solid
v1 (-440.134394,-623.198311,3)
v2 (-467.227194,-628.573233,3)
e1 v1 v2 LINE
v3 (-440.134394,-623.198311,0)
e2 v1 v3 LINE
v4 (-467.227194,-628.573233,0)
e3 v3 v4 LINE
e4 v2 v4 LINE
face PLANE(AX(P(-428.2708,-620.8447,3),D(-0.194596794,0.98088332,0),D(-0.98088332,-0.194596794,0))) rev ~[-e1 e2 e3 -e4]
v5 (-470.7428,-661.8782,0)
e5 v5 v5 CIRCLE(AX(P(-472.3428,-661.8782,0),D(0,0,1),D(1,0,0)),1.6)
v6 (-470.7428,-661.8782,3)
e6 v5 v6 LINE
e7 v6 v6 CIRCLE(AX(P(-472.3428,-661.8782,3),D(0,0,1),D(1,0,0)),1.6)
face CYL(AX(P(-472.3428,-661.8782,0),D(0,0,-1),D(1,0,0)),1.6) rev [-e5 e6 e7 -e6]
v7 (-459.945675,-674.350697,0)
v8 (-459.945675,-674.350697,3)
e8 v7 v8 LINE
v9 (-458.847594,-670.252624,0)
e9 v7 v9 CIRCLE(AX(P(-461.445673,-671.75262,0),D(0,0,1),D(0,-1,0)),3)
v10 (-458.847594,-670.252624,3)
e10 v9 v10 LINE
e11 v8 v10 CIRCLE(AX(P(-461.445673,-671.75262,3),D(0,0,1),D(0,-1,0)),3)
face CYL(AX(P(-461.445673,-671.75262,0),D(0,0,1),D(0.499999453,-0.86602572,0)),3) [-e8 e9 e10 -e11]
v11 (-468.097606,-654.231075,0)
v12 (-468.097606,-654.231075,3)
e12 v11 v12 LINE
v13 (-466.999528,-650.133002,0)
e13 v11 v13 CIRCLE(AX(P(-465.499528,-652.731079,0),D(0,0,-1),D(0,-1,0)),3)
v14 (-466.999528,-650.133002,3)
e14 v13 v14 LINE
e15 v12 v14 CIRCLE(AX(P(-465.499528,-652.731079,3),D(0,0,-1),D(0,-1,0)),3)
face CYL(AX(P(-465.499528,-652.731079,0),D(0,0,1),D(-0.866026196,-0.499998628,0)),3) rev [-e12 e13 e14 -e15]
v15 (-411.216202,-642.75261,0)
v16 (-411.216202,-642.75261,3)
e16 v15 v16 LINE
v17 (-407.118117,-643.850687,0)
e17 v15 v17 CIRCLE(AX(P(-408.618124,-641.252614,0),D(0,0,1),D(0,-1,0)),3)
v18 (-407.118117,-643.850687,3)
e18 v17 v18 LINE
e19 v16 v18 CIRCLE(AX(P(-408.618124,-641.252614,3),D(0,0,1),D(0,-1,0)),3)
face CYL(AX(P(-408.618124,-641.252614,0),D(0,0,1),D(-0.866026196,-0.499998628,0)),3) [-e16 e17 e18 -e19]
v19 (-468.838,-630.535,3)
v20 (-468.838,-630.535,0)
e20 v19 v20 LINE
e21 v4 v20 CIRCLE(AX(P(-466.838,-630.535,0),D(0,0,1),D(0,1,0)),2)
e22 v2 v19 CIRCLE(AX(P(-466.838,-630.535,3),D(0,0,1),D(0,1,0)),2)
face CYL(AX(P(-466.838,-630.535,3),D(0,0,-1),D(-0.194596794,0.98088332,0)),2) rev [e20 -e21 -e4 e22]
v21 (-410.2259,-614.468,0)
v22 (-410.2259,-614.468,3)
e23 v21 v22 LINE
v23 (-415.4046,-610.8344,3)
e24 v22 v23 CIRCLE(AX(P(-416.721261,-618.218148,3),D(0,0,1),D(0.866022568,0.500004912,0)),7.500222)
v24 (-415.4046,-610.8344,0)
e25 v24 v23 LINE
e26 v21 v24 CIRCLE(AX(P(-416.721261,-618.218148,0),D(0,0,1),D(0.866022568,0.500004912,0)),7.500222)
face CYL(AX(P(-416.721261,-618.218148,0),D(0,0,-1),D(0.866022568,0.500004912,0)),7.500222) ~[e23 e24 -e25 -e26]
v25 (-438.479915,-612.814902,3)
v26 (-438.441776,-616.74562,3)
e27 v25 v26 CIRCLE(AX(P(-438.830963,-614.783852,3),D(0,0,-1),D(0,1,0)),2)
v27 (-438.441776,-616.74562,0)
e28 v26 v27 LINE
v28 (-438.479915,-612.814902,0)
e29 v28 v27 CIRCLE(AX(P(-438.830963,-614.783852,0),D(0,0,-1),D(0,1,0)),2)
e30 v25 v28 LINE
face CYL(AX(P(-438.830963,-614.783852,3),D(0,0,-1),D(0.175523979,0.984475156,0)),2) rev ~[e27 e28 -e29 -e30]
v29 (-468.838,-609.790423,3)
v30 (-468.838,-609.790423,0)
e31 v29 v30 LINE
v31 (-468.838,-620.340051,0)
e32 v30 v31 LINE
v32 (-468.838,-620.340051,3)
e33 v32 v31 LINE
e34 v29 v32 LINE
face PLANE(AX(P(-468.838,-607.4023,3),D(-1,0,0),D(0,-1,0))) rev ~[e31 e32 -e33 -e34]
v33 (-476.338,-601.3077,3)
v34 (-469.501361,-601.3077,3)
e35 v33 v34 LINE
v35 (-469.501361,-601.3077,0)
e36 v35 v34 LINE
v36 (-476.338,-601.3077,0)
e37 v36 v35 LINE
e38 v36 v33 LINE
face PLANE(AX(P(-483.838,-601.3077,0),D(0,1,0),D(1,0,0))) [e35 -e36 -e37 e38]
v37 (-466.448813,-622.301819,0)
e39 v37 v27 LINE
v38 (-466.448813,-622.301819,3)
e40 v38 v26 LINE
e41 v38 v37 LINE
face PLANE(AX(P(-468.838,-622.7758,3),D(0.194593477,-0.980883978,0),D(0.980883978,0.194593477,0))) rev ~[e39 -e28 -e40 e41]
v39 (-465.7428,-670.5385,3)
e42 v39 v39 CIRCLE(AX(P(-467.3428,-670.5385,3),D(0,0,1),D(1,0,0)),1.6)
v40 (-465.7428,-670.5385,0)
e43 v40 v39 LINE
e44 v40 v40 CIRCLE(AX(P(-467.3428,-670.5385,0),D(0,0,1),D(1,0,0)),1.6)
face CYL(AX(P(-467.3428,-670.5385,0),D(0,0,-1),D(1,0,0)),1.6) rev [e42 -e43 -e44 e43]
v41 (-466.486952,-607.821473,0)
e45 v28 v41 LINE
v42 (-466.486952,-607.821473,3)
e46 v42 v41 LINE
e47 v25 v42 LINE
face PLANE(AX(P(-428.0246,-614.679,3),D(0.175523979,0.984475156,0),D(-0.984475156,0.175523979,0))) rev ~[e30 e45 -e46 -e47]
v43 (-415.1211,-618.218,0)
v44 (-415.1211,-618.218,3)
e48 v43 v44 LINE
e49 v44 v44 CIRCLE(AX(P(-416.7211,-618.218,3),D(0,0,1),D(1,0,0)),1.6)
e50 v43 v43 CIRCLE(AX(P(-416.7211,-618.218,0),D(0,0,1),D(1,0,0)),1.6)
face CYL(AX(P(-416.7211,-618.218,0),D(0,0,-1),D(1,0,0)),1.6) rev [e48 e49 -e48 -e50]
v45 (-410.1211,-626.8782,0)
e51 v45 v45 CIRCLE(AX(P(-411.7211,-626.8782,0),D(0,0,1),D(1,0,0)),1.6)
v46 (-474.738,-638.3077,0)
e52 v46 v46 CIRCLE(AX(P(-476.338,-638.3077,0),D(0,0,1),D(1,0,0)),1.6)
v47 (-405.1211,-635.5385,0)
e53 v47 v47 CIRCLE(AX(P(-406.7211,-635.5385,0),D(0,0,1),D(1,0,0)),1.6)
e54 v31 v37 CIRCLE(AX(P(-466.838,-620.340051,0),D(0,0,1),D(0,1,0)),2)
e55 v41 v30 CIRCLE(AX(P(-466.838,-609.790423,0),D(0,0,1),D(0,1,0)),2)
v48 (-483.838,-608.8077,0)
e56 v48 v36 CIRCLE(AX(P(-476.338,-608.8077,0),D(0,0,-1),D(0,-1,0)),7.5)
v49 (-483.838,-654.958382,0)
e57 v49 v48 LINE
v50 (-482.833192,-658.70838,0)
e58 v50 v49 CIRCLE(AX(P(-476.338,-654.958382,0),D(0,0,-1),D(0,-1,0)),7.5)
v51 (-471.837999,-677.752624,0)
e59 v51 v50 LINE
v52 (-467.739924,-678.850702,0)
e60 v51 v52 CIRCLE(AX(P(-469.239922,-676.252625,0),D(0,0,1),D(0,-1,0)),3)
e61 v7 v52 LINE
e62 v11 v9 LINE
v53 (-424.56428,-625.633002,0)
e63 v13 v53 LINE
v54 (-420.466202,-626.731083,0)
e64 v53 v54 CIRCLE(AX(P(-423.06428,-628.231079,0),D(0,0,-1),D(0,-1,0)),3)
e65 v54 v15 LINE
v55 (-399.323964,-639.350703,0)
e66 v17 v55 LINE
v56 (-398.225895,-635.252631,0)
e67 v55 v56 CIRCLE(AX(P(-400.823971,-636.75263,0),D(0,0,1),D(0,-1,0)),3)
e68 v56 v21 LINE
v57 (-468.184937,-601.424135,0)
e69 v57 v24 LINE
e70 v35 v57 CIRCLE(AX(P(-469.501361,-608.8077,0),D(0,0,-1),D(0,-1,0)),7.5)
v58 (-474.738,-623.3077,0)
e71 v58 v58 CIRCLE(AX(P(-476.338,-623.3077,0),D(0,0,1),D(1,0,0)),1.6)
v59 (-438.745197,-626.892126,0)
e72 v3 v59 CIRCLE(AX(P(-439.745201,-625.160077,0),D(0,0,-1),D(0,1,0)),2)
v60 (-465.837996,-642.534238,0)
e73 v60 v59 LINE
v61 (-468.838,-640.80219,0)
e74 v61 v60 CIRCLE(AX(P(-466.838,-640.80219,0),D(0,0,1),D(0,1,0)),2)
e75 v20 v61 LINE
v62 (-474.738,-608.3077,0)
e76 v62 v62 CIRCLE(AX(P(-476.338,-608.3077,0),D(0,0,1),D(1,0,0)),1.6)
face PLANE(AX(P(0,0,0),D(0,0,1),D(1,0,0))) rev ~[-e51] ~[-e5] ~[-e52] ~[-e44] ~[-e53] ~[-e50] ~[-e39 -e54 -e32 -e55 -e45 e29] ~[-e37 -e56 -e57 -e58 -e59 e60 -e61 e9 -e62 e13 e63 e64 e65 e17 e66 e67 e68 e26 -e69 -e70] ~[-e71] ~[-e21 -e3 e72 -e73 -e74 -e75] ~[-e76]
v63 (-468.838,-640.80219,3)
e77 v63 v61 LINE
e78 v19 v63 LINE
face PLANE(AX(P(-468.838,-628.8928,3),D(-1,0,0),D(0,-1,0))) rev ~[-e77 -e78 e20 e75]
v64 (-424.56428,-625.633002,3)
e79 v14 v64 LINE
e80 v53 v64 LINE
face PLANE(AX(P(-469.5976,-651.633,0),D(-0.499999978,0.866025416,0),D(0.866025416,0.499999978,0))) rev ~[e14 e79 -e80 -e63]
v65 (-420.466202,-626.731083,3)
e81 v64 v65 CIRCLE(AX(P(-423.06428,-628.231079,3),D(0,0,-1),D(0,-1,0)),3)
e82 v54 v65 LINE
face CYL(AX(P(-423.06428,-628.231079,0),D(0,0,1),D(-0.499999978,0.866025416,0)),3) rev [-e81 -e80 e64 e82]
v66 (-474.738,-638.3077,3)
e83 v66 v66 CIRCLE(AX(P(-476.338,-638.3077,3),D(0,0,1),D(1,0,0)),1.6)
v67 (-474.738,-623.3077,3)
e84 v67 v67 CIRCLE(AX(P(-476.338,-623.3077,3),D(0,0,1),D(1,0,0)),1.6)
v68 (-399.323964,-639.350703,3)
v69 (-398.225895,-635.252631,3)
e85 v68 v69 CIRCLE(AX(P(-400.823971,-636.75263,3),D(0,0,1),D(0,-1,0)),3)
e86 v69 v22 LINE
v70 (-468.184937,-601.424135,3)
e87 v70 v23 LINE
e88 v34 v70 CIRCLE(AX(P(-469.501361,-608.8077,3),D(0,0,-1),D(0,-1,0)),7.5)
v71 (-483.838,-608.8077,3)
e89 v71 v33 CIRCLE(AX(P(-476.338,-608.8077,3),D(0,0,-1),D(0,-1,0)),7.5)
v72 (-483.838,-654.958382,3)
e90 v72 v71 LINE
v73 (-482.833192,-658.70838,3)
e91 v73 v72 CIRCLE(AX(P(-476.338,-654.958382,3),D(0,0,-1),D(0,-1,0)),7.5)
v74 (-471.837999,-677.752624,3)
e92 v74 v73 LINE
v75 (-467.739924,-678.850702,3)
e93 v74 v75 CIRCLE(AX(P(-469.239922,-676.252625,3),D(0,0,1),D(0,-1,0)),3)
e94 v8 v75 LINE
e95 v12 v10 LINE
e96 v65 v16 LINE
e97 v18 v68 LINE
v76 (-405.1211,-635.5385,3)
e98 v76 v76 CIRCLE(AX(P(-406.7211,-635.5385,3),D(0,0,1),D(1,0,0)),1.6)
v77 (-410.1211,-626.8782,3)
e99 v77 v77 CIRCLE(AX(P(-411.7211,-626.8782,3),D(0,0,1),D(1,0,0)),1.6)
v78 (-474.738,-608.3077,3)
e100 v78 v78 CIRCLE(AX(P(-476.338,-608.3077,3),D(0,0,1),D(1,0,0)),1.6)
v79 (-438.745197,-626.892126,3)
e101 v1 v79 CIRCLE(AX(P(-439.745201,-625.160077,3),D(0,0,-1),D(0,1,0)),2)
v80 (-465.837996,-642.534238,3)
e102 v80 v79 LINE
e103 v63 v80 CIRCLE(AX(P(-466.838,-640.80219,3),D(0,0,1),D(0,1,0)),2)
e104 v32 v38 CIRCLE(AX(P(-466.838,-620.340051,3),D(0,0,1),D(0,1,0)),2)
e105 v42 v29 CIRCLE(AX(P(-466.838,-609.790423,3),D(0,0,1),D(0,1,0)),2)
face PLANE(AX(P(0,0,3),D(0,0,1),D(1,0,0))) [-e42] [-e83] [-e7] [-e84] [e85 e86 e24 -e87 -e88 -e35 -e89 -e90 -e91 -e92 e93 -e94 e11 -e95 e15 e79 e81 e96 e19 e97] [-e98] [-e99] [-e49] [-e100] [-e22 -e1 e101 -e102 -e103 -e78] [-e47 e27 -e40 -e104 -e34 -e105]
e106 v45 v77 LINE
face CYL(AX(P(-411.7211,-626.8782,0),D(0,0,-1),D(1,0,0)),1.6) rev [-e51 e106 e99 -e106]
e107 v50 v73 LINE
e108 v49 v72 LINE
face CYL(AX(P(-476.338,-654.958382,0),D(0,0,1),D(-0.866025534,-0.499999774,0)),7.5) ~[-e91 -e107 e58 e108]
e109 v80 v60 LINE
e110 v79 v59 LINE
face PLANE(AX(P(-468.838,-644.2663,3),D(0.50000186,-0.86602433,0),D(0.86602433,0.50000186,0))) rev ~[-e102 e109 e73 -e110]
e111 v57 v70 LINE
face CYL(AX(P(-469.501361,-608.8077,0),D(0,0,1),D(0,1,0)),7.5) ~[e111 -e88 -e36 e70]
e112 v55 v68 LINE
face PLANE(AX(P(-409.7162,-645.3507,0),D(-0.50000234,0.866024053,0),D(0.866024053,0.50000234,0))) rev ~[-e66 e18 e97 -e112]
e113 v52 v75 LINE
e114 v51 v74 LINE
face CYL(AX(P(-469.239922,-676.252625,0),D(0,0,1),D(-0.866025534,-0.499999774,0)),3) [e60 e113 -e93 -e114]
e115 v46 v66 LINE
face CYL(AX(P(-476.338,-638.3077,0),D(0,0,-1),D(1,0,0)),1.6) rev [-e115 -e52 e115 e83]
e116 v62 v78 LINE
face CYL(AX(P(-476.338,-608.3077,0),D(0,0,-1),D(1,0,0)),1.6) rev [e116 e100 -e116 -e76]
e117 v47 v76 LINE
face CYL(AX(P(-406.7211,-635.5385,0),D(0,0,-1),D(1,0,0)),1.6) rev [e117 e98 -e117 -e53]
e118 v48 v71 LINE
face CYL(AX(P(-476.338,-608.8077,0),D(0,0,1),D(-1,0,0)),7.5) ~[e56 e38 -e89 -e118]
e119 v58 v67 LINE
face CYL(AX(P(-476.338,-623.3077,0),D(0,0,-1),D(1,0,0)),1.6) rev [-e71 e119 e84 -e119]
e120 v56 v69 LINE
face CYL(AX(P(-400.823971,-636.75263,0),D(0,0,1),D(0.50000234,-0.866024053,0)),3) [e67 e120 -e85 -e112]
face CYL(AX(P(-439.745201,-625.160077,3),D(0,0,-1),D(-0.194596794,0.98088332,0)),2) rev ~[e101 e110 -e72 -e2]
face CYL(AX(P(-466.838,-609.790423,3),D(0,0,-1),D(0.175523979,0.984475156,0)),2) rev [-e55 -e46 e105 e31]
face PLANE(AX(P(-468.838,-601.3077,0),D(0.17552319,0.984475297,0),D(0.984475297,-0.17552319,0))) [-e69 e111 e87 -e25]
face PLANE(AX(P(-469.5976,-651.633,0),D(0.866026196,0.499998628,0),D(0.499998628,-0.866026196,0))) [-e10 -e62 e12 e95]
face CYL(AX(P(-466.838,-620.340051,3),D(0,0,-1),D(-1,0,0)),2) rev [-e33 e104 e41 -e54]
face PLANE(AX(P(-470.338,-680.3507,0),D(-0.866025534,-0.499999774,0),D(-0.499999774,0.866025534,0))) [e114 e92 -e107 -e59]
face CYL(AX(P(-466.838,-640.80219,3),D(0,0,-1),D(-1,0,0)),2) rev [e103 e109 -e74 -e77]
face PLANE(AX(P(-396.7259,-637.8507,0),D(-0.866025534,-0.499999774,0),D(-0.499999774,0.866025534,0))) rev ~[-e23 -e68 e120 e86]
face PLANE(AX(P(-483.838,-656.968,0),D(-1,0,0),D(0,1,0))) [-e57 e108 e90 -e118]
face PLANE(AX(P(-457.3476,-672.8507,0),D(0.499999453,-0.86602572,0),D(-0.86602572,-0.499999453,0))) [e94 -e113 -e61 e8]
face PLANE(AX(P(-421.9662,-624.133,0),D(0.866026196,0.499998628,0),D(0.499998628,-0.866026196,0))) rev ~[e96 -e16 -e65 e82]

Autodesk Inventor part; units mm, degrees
ref_plane "YZ Plane" through (0, 0, 0) normal (1, 0, 0) x (0, 1, 0)
ref_plane "XZ Plane" through (0, 0, 0) normal (0, 1, 0) x (-1, 0, 0)
ref_plane "XY Plane" through (0, 0, 0) normal (0, 0, 1) x (1, 0, 0)
sketch "スケッチ1" plane through (0, 0, 0) normal (0, 0, 1) x (1, 0, 0)
  line L0 (67.5, 17.5) -> (-67.5, 17.5) construction
  line L1 (-67.5, 17.5) -> (-67.5, -17.5) construction
  line L2 (-67.5, -17.5) -> (67.5, -17.5) construction
  line L3 (67.5, -17.5) -> (67.5, 17.5) construction
  line L4 (67.5, 17.5) -> (-67.5, -17.5) construction
  line L5 (-67.5, 17.5) -> (67.5, -17.5) construction
  circle A0 centre (-60, 35) radius 1.6 construction
  circle A1 centre (-70, 35) radius 1.6 construction
  line L6 (-77.5, 27.5) -> (-53, 27.5) construction
  line L7 (-53, 27.5) -> (-53, 42.5) construction
  line L8 (-53, 42.5) -> (-80, 42.5) construction
  line L9 (-77.5, 27.5) -> (-77.5, -27.5) construction
  line L10 (-77.5, -27.5) -> (-53, -27.5) construction
  line L11 (-53, -27.5) -> (-53, -42.5) construction
  line L12 (-53, -42.5) -> (-80, -42.5) construction
  circle A2 centre (-60, -35) radius 1.6 construction
  circle A3 centre (-70, -35) radius 1.6 construction
  circle A4 centre (-80, -35) radius 1.6 construction
  line L13 (124.2308, -31.7536) -> (484.5935, -392.1164)
  line L14 (484.5935, -392.1164) -> (488.7129, -553.575)
  line L15 (-80, 21.2868) -> (-468.838, -367.5512) construction
  line L16 (-468.838, -367.5512) -> (-479.4446, -356.9446)
  line L17 (-479.4446, -356.9446) -> (-90.6066, 31.8934) construction
  line L18 (-90.6066, 31.8934) -> (-80, 21.2868) construction
  line L19 (-80, 42.5) -> (-80, 5.3052) construction
  circle A5 centre (-92.3744, 19.519) radius 1.6 construction
  circle A6 centre (-102.981, 8.9124) radius 1.6 construction
  circle A7 centre (-113.5876, -1.6942) radius 1.6 construction
  line L20 (-92.3744, 19.519) -> (-113.5876, -1.6942) construction
  circle A8 centre (-437.941, -345.2067) radius 1.6
  circle A9 centre (-426.1402, -333.4059) radius 1.6
  line L21 (-388.4374, -772.2067) -> (-358.1265, -754.7067) construction
  line L22 (-358.1265, -754.7067) -> (-425.6265, -637.7933) construction
  line L23 (-455.9374, -655.2933) -> (-358.1265, -754.7067) construction
  line L24 (-388.4374, -772.2067) -> (-425.6265, -637.7933) construction
  line L25 (-455.9374, -655.2933) -> (-388.4374, -772.2067) construction
  line L26 (-425.6265, -637.7933) -> (-455.9374, -655.2933) construction
  line L27 (455.9374, -655.2933) -> (425.6265, -637.7933) construction
  line L28 (425.6265, -637.7933) -> (358.1265, -754.7067) construction
  line L29 (388.4374, -772.2067) -> (425.6265, -637.7933) construction
  line L30 (455.9374, -655.2933) -> (358.1265, -754.7067) construction
  line L31 (388.4374, -772.2067) -> (455.9374, -655.2933) construction
  line L32 (358.1265, -754.7067) -> (388.4374, -772.2067) construction
  line L33 (0, 0) -> (0, -263.4473) construction
  circle A10 centre (80, -35) radius 1.6 construction
  line L34 (67.5, 17.5) -> (67.5, -17.5) construction
  line L35 (77.5, 27.5) -> (53, 27.5) construction
  line L36 (77.5, 27.5) -> (77.5, -27.5) construction
  line L37 (77.5, -27.5) -> (53, -27.5) construction
  circle A11 centre (60, -35) radius 1.6 construction
  circle A12 centre (70, -35) radius 1.6 construction
  line L38 (53, -27.5) -> (53, -42.5) construction
  line L39 (53, -42.5) -> (80, -42.5) construction
  circle A13 centre (60, 35) radius 1.6 construction
  circle A14 centre (70, 35) radius 1.6 construction
  line L40 (80, 42.5) -> (80, 5.3052) construction
  line L41 (53, 42.5) -> (80, 42.5) construction
  line L42 (53, 27.5) -> (53, 42.5) construction
  line L43 (-392.0976, -785.867) -> (-404.3476, -764.6493)
  line L44 (-388.4374, -772.2067) -> (-358.1265, -754.7067) construction
  line L45 (-392.0976, -785.867) -> (-344.4662, -758.367)
  circle A15 centre (-336.7211, -756.782) radius 1.6
  circle A16 centre (-341.7211, -748.1218) radius 1.6
  line L46 (-343.7259, -729.6493) -> (-330.2259, -753.032)
  circle A17 centre (-346.7211, -739.4615) radius 1.6
  line L47 (-356.7162, -737.1493) -> (-343.7259, -729.6493)
  line L48 (-344.4662, -758.367) -> (-356.7162, -737.1493)
  circle A18 centre (-407.3428, -774.4615) radius 1.6
  circle A19 centre (-402.3428, -783.1218) radius 1.6
  line L49 (-404.3476, -764.6493) -> (-417.338, -772.1493)
  line L50 (-417.338, -772.1493) -> (-403.838, -795.532)
  line L51 (-403.838, -795.532) -> (-371.6264, -776.9346) construction
  line L52 (-425.6265, -637.7933) -> (-455.9374, -655.2933) construction
  line L53 (-409.7162, -645.3507) -> (-396.7259, -637.8507)
  circle A20 centre (-406.7211, -635.5385) radius 1.6
  line L54 (-455.9374, -655.2933) -> (-425.6265, -637.7933) construction
  circle A21 centre (-411.7211, -626.8782) radius 1.6
  line L55 (-469.5976, -651.633) -> (-421.9662, -624.133)
  line L56 (-421.9662, -624.133) -> (-409.7162, -645.3507)
  line L57 (-396.7259, -637.8507) -> (-410.2259, -614.468)
  circle A22 centre (-416.7211, -618.218) radius 1.6
  line L58 (-469.5976, -651.633) -> (-457.3476, -672.8507)
  circle A23 centre (-467.3428, -670.5385) radius 1.6
  circle A24 centre (-472.3428, -661.8782) radius 1.6
  line L59 (-483.838, -656.968) -> (-451.6264, -638.3706) construction
  line L60 (-470.338, -680.3507) -> (-483.838, -656.968)
  line L61 (-457.3476, -672.8507) -> (-470.338, -680.3507)
  line L62 (469.5976, -651.633) -> (457.3476, -672.8507)
  line L63 (455.9374, -655.2933) -> (425.6265, -637.7933) construction
  line L64 (469.5976, -651.633) -> (421.9662, -624.133)
  circle A25 centre (416.7211, -618.218) radius 1.6
  circle A26 centre (411.7211, -626.8782) radius 1.6
  line L65 (396.7259, -637.8507) -> (410.2259, -614.468)
  circle A27 centre (406.7211, -635.5385) radius 1.6
  line L66 (409.7162, -645.3507) -> (396.7259, -637.8507)
  line L67 (421.9662, -624.133) -> (409.7162, -645.3507)
  circle A28 centre (467.3428, -670.5385) radius 1.6
  circle A29 centre (472.3428, -661.8782) radius 1.6
  line L68 (457.3476, -672.8507) -> (470.338, -680.3507)
  line L69 (470.338, -680.3507) -> (483.838, -656.968)
  line L70 (483.838, -656.968) -> (451.6264, -638.3706) construction
  line L71 (358.1265, -754.7067) -> (388.4374, -772.2067) construction
  line L72 (356.7162, -737.1493) -> (343.7259, -729.6493)
  circle A30 centre (346.7211, -739.4615) radius 1.6
  line L73 (388.4374, -772.2067) -> (358.1265, -754.7067) construction
  circle A31 centre (341.7211, -748.1218) radius 1.6
  line L74 (392.0976, -785.867) -> (344.4662, -758.367)
  line L75 (344.4662, -758.367) -> (356.7162, -737.1493)
  line L76 (343.7259, -729.6493) -> (330.2259, -753.032)
  circle A32 centre (336.7211, -756.782) radius 1.6
  line L77 (392.0976, -785.867) -> (404.3476, -764.6493)
  circle A33 centre (407.3428, -774.4615) radius 1.6
  circle A34 centre (402.3428, -783.1218) radius 1.6
  line L78 (403.838, -795.532) -> (371.6264, -776.9346) construction
  line L79 (417.338, -772.1493) -> (403.838, -795.532)
  line L80 (404.3476, -764.6493) -> (417.338, -772.1493)
  line L81 (-483.838, -367.5512) -> (-468.838, -367.5512)
  line L82 (-468.838, -367.5512) -> (-468.838, -648.3077) construction
  line L83 (-468.838, -648.3077) -> (-483.838, -648.3077) construction
  line L84 (-483.838, -648.3077) -> (-483.838, -367.5512) construction
  line L85 (-283.2277, -604.4352) -> (-262.2277, -640.8083) construction
  line L86 (345.2492, -497.0108) -> (305.7786, -565.3759) construction
  line L87 (260.9224, -655.004) -> (-239.0776, -655.004) construction
  line L88 (-239.0776, -655.004) -> (-239.0776, -1155.004) construction
  line L89 (-239.0776, -1155.004) -> (260.9224, -1155.004) construction
  line L90 (260.9224, -1155.004) -> (260.9224, -655.004) construction
  line L91 (260.9224, -655.004) -> (-239.0776, -1155.004) construction
  line L92 (-239.0776, -655.004) -> (260.9224, -1155.004) construction
  line L93 (-12.841, -157.5) -> (15.1134, -157.5) construction
  circle A35 centre (-3.0548, -432.807) radius 212.5 construction
  line L94 (496.9452, 30.2659) -> (-503.0548, 30.2659) construction
  line L95 (-503.0548, 30.2659) -> (-503.0548, -969.7341) construction
  line L96 (-503.0548, -969.7341) -> (496.9452, -969.7341) construction
  line L97 (496.9452, -969.7341) -> (496.9452, 30.2659) construction
  line L98 (496.9452, 30.2659) -> (-503.0548, -969.7341) construction
  line L99 (-503.0548, 30.2659) -> (496.9452, -969.7341) construction
  circle A36 centre (-3.0548, -432.807) radius 250 construction
  line L100 (-80, 42.5) -> (-90.6066, 31.8934) construction
  line L101 (-80, 42.5) -> (-118.8909, 3.6091) construction
  line L102 (-118.8909, -6.2904) -> (-113.234, -11.9472) construction
  line L103 (-113.234, -11.9472) -> (-85.3433, -40.263) construction
  arc A37 (-118.8909, 3.6091) -> (-118.8909, -6.2904) centre (-113.9411, -1.3406) ccw construction
  arc A38 (-85.3433, -40.263) -> (-80, -42.5) centre (-80, -35) ccw construction
  line L104 (-80, 42.5) -> (-53, 42.5) construction
  circle A39 centre (-476.338, -638.3077) radius 1.6
  circle A40 centre (-476.338, -623.3077) radius 1.6
  circle A41 centre (-476.338, -608.3077) radius 1.6
  line L105 (-483.838, -656.968) -> (-483.838, -601.3077)
  line L106 (-483.838, -601.3077) -> (-468.838, -601.3077)
  line L107 (-468.838, -601.3077) -> (-415.4046, -610.8344)
  arc A42 (-410.2259, -614.468) -> (-415.4046, -610.8344) centre (-416.7211, -618.218) ccw
  point P0 (0, -470)
  point P1 (-102.981, 8.9124)
  point P2 (-77.5, 0)
  point P3 (-407.0319, -705)
  point P4 (-407.0319, -705)
  point P5 (407.0319, -705)
  point P6 (407.0319, -705)
  point P7 (77.5, 0)
  point P8 (-368.2819, -772.117)
  point P9 (-385.4668, -784.9254)
  point P10 (-445.7819, -637.883)
  point P11 (445.7819, -637.883)
  point P12 (465.4668, -646.3614)
  point P13 (368.2819, -772.117)
  point P14 (10.9224, -905.004)
  point P15 (-3.0548, -469.7341)
  point P16 (-123.8406, -1.3406)
  dimension "d4" = 135
  dimension "d5" = 35
  dimension "d6" = 3.2
  dimension "d7" = 3.2
  dimension "d8" = 10
  dimension "d9" = 15
  dimension "d10" = 10
  dimension "d11" = 7.5
  dimension "d12" = 7
  dimension "d13" = 70
  dimension "d14" = 3.2
  dimension "d15" = 3.2
  dimension "d16" = 3.2
  dimension "d17" = 10
  dimension "d18" = 10
  dimension "d19" = 7
  dimension "d20" = 15
  dimension "d21" = 7.5
  dimension "d22" = 10
  dimension "d23" = 10
  dimension "d24" = 135
  dimension "d25" = 15
  dimension "d26" = 10
  dimension "d27" = 3.2
  dimension "d28" = 3.2
  dimension "d29" = 3.2
  dimension "d30" = 10
  dimension "d31" = 15
  dimension "d32" = 15
  dimension "d33" = 7.5
  dimension "d34" = 45
  dimension "d35" = 3.2
  dimension "d36" = 3.2
  dimension "d37" = 360
  dimension "d38" = 360
  dimension "d39" = 470
  dimension "d40" = 15
  dimension "d41" = 200
  dimension "d42" = 200
  dimension "d43" = 500
  dimension "d44" = 500
  dimension "d45" = 200
  dimension "d46" = 425
  dimension "d47" = 1000
  dimension "d48" = 1000
  dimension "d49" = 42
  dimension "d50" = 500
  dimension "d51" = 7
  dimension "d52" = 7
  dimension "d53" = 3.2
  dimension "d54" = 3.2
  dimension "d55" = 3.2
  dimension "d56" = 15
  dimension "d57" = 15
  dimension "d58" = 7.5
  dimension "d59" = 10
  dimension "d60" = 7
extrude "押し出し1" add sketch "スケッチ1" along normal blind 3 contours L56 L55 L58 L61 L60 L105 L106 L107 A42 L57 L53
fillet "フィレット1" radius 7.5 3 edges at (-483.838, -601.3077, 1.5) (-468.838, -601.3077, 1.5) (-483.838, -656.968, 1.5)
fillet "フィレット2" radius 3 6 edges at (-470.338, -680.3507, 1.5) (-457.3476, -672.8507, 1.5) (-469.5976, -651.633, 1.5) (-421.9662, -624.133, 1.5) (-409.7162, -645.3507, 1.5) (-396.7259, -637.8507, 1.5)
sketch "スケッチ2" plane through (0, 0, 3) normal (0, 0, 1) x (1, 0, 0)
  line L0 (-468.838, -607.4023) -> (-468.838, -622.7758)
  line L1 (-468.838, -622.7758) -> (-428.0246, -614.679)
  line L2 (-428.0246, -614.679) -> (-468.838, -607.4023)
  line L3 (-468.838, -628.8928) -> (-468.838, -644.2663)
  line L4 (-468.838, -644.2663) -> (-428.2708, -620.8447)
  line L5 (-428.2708, -620.8447) -> (-468.838, -628.8928)
  line L6 (-415.4046, -610.8344) -> (-468.185, -601.4241) projected
  line L7 (-466.9996, -650.133) -> (-424.5643, -625.633) projected
  line L8 (-483.838, -608.8077) -> (-483.838, -654.9583) projected
  circle A0 centre (-416.7211, -618.218) radius 1.6 construction
  line L9 (-428.0246, -614.679) -> (-416.7211, -618.218) construction
  line L10 (-416.7211, -618.218) -> (-428.2708, -620.8447) construction
  point P0 (0, 0)
  dimension "d65" = 15
  dimension "d66" = 6
  dimension "d67" = 6
  dimension "d68" = 6
extrude "押し出し2" cut sketch "スケッチ2" against normal blind 10
fillet "フィレット3" radius 2 6 edges at (-468.838, -607.4023, 1.5) (-468.838, -622.7758, 1.5) (-428.0246, -614.679, 1.5) (-428.2708, -620.8447, 1.5) (-468.838, -628.8928, 1.5) (-468.838, -644.2663, 1.5)
properties part number "オムニ_前1" material "アルミニウム 6061"
